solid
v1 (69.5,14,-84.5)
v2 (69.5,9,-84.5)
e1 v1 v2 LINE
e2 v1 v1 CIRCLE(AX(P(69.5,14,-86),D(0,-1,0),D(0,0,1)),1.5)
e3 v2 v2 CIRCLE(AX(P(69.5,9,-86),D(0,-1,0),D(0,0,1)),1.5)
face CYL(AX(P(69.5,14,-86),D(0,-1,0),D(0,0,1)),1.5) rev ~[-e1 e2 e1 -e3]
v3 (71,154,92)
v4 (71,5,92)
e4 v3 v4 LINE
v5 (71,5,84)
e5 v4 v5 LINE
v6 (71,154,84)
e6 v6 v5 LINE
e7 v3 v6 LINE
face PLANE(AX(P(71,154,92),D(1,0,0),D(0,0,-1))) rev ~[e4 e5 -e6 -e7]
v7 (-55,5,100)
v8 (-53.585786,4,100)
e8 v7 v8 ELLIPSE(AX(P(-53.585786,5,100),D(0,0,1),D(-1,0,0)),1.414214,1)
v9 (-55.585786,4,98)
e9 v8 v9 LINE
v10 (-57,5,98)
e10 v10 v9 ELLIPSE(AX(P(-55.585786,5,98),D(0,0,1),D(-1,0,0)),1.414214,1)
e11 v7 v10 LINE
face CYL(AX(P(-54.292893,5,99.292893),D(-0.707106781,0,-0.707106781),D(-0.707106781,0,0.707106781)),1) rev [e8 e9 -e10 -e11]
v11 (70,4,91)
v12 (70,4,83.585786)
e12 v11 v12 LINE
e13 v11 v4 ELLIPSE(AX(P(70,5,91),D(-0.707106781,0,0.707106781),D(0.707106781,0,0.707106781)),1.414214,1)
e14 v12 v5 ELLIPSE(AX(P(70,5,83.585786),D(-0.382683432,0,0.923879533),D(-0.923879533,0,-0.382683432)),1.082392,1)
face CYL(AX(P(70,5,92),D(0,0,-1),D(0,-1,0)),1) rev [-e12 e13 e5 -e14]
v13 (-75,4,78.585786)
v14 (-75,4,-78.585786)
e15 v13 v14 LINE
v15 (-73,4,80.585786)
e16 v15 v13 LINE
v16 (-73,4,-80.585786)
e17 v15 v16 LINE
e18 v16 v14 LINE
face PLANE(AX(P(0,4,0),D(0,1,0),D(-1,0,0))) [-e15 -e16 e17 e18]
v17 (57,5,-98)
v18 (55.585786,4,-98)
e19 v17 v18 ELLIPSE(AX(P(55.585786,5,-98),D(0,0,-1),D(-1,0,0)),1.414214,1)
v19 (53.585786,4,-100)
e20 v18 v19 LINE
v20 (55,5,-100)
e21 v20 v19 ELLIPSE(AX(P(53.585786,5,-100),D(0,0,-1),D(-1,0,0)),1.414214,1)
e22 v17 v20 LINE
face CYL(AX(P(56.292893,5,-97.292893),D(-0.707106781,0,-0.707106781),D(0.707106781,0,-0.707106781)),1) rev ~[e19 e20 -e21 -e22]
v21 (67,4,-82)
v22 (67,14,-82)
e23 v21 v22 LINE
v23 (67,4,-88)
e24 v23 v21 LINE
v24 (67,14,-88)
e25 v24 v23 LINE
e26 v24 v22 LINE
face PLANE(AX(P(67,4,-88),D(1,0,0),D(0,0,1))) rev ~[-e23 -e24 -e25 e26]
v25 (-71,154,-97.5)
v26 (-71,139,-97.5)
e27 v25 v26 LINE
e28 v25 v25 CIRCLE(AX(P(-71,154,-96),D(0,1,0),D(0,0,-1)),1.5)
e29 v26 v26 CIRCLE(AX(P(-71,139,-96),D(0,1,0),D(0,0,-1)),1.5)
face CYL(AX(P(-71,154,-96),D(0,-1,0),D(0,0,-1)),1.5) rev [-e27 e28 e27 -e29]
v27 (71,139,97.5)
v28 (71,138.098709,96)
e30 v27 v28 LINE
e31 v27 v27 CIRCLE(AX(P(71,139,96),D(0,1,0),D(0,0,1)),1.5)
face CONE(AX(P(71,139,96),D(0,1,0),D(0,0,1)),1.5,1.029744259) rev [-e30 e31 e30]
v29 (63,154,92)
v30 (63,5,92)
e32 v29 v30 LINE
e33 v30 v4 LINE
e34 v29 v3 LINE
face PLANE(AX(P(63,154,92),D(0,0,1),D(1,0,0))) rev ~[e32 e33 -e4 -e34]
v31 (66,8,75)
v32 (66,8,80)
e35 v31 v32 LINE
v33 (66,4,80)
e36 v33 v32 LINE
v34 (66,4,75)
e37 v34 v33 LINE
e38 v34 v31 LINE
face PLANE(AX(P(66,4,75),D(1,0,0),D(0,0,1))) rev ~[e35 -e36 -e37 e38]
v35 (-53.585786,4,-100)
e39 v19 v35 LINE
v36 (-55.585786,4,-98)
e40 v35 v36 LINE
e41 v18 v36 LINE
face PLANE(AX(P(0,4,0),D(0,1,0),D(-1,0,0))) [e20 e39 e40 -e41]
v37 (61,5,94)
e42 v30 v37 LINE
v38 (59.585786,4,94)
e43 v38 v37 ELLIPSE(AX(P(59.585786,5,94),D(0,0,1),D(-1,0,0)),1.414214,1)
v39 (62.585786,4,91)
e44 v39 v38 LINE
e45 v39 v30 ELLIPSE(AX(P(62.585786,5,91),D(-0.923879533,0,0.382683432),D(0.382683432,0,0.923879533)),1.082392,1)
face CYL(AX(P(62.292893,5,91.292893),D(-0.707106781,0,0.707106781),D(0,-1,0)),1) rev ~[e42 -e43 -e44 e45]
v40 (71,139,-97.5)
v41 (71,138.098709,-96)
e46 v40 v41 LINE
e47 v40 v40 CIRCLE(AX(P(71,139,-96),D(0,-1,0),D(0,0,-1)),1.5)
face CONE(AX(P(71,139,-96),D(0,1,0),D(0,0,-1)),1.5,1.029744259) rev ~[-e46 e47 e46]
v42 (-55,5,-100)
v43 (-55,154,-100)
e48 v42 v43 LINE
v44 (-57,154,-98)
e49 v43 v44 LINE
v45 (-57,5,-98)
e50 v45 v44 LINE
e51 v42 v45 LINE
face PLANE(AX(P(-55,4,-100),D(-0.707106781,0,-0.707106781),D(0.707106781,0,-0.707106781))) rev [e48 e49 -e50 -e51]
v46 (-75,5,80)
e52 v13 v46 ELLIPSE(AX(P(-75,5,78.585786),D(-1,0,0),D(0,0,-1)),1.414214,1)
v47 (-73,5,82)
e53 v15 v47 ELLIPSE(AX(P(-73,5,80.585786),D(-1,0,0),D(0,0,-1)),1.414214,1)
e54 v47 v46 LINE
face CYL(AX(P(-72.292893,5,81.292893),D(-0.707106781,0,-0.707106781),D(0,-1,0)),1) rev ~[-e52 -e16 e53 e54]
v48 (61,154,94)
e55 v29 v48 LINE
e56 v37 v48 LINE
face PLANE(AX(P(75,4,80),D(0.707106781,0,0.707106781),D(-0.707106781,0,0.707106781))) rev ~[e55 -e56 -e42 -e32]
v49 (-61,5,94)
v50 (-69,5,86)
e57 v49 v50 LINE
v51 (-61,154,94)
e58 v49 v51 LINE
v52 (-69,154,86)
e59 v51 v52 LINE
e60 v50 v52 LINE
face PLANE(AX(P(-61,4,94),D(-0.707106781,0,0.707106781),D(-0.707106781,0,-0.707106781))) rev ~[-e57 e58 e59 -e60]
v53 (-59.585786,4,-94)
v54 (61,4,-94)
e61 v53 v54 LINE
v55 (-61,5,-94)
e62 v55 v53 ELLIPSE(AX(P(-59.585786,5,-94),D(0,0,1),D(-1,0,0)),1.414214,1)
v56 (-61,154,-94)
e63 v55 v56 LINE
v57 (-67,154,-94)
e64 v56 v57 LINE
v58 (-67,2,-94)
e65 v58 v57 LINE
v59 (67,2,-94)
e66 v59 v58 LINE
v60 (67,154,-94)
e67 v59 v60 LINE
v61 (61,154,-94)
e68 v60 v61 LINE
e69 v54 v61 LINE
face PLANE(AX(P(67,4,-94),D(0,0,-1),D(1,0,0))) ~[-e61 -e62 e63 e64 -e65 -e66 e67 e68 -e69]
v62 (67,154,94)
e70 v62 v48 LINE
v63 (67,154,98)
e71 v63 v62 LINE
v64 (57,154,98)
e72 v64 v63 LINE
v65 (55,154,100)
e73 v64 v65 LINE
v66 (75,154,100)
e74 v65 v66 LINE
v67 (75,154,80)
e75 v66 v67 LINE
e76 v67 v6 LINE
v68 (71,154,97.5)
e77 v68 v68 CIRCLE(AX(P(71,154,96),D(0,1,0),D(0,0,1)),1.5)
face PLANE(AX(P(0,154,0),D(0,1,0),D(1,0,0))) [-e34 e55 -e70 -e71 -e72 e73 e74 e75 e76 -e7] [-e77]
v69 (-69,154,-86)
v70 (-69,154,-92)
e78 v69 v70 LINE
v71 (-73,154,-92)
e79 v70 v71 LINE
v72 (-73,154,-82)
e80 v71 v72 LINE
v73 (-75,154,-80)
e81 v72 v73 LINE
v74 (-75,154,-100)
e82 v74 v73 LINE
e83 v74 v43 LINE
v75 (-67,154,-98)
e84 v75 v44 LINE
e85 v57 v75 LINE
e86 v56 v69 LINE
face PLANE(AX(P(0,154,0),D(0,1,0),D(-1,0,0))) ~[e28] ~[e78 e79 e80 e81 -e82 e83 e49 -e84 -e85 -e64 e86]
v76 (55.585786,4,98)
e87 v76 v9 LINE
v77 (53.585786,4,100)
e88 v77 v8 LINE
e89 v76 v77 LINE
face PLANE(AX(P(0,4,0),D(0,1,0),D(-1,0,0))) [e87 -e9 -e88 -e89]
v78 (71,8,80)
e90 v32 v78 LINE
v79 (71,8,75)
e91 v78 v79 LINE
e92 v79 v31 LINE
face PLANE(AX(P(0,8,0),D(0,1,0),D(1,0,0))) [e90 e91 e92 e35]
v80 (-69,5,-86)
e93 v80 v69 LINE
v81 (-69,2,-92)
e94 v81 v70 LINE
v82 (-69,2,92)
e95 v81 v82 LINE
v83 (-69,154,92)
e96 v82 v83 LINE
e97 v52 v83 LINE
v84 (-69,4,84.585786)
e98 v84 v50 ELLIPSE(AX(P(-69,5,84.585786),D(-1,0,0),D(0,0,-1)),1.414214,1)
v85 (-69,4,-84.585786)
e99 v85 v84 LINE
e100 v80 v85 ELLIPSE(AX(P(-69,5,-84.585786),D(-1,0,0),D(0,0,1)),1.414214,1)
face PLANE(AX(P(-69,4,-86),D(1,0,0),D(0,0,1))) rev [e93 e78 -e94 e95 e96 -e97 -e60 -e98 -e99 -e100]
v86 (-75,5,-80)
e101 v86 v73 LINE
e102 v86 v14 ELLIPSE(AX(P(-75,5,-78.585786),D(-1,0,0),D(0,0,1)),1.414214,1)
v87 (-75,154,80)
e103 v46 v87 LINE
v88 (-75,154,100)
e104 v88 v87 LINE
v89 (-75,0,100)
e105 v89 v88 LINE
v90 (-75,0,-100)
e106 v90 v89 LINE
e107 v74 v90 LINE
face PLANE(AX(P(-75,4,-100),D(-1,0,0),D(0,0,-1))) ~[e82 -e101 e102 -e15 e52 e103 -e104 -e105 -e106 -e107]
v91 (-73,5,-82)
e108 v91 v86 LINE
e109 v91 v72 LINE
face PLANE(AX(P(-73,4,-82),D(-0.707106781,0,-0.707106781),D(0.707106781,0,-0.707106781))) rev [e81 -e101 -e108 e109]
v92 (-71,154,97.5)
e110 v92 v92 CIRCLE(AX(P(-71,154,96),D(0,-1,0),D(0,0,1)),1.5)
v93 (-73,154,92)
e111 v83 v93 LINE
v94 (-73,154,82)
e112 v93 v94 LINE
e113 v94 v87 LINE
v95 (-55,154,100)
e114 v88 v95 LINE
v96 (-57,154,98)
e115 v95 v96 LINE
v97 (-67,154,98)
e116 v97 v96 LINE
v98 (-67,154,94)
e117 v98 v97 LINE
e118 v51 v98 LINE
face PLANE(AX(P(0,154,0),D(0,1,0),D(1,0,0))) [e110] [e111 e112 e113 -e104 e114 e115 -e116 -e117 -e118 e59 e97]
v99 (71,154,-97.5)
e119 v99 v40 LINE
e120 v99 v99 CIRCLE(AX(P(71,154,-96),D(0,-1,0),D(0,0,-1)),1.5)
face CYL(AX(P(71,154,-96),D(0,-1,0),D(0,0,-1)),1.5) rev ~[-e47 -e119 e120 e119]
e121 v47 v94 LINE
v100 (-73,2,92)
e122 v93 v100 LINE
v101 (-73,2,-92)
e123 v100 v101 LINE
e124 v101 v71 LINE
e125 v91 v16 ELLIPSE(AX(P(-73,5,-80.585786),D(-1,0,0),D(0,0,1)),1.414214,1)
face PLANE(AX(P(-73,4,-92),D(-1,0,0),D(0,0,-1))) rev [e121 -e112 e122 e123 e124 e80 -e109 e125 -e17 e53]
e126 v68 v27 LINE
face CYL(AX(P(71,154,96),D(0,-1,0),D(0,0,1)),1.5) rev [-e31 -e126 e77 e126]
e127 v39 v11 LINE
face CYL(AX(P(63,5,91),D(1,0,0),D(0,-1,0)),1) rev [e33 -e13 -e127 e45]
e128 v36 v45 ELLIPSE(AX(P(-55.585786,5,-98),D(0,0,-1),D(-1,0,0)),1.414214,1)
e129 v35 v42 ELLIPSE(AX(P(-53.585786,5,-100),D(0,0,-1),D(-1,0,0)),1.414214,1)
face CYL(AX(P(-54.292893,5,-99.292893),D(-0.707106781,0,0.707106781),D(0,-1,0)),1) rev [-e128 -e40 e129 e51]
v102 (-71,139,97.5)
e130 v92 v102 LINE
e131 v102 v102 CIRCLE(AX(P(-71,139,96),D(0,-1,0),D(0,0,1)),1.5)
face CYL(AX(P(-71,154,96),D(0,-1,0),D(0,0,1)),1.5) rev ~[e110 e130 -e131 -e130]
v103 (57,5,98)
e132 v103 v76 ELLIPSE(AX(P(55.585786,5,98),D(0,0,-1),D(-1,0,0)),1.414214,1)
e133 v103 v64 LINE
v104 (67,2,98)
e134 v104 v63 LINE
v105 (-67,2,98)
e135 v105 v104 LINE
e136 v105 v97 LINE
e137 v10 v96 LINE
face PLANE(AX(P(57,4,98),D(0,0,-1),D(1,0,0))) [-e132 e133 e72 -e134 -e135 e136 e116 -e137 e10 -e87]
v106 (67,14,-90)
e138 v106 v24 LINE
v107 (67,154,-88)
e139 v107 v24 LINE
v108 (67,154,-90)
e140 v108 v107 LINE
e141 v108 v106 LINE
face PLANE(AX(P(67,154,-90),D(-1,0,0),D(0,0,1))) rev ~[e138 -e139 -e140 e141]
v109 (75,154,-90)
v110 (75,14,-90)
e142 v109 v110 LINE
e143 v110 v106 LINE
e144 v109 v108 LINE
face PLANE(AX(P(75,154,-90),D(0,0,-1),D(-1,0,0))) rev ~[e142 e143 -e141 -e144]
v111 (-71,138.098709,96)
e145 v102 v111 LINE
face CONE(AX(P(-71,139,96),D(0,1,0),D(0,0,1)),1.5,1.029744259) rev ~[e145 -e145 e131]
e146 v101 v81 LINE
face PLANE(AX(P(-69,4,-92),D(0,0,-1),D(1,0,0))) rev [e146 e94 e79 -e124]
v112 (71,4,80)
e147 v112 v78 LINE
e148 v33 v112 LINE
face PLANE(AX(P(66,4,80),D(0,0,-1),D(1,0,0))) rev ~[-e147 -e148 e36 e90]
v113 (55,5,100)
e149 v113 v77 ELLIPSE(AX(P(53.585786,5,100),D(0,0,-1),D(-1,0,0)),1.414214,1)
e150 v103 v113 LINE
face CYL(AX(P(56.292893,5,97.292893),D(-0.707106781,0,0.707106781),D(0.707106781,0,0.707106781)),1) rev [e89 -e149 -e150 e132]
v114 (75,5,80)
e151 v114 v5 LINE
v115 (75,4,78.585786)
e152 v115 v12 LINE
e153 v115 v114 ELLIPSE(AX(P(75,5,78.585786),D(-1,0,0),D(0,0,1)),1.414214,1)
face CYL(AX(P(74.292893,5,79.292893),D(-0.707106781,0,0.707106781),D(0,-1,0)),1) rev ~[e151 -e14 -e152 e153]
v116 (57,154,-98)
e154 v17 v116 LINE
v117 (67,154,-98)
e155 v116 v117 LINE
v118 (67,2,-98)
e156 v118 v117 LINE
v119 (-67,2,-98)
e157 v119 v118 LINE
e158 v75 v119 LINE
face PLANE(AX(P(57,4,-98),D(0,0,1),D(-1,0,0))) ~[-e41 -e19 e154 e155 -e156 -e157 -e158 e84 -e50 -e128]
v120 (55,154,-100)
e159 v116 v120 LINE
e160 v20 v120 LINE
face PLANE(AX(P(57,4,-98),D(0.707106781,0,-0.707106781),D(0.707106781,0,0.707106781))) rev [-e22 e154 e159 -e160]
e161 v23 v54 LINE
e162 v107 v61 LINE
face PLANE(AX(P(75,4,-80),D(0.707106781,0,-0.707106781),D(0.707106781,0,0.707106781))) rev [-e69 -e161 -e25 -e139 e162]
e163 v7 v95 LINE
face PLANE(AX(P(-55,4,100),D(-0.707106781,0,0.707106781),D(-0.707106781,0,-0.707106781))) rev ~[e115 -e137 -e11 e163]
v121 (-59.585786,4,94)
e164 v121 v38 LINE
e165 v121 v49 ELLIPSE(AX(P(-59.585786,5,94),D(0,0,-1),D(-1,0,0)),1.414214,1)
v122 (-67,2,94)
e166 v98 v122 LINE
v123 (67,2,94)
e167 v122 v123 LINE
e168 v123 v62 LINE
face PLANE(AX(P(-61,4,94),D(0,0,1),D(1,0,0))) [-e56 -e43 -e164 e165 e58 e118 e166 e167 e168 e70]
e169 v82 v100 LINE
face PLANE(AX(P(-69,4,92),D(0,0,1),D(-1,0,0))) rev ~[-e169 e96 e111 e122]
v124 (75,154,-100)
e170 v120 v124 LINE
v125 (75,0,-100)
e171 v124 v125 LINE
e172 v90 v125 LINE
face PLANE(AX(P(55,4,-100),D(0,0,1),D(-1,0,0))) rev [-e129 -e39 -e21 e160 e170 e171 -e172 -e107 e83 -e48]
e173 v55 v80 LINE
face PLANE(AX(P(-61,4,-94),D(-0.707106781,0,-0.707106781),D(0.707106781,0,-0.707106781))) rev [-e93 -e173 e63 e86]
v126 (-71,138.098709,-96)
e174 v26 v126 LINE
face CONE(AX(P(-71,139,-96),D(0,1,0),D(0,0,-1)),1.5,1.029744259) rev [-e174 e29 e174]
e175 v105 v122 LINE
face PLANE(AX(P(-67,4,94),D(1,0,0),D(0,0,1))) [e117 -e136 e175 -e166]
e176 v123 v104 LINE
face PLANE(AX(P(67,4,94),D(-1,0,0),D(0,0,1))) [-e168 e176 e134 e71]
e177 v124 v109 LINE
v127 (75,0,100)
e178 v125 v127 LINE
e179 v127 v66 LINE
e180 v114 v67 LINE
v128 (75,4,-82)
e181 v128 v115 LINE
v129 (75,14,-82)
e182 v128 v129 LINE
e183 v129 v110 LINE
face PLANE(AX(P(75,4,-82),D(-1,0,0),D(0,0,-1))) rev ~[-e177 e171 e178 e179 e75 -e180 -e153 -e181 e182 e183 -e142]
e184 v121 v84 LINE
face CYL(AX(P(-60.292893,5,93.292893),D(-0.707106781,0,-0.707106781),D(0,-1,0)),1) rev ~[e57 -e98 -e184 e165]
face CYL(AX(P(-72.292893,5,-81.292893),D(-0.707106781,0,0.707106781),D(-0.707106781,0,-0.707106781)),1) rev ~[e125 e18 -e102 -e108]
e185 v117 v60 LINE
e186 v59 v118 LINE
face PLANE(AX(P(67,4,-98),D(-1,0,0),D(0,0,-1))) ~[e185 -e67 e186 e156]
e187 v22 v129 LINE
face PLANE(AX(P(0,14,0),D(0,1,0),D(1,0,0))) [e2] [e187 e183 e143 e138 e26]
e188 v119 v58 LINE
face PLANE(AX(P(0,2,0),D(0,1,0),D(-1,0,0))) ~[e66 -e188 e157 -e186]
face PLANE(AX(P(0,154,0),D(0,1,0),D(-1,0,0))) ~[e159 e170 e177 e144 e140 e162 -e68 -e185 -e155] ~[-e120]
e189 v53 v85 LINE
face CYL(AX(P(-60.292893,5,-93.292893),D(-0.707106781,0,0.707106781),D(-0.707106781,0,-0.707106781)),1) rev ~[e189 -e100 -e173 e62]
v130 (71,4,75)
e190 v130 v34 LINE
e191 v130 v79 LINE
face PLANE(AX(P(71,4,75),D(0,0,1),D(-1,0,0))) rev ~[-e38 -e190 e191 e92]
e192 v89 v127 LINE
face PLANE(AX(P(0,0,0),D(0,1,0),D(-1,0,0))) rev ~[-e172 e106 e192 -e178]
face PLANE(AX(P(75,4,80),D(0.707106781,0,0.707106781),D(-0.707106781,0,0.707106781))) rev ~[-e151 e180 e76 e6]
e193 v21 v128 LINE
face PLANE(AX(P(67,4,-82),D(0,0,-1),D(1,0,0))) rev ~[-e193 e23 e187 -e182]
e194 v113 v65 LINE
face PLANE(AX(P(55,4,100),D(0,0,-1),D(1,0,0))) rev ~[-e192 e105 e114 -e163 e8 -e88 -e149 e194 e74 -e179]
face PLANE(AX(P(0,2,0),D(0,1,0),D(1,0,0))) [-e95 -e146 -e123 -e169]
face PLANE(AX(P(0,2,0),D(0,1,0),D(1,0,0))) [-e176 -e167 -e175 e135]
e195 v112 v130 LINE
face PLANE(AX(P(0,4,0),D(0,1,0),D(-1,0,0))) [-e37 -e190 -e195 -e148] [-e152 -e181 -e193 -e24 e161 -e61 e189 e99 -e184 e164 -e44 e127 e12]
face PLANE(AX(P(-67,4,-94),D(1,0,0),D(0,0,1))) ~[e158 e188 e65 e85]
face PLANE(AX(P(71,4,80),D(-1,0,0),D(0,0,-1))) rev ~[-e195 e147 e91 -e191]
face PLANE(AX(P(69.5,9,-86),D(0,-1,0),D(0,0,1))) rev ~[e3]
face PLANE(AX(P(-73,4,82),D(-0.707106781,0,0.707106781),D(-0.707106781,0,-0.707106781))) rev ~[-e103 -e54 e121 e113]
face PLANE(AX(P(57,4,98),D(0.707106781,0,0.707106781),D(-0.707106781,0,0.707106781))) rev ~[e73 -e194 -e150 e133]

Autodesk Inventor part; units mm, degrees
ref_plane "YZ Plane" through (0, 0, 0) normal (1, 0, 0) x (0, 1, 0)
ref_plane "XZ Plane" through (0, 0, 0) normal (0, 1, 0) x (-1, 0, 0)
sketch "Náčrt1" plane through (0, 0, 0) normal (0, 1, 0) x (-1, 0, 0)
  line L0 (75, 100) -> (-75, 100)
  line L1 (-75, 100) -> (-75, -100)
  line L2 (-75, -100) -> (75, -100)
  line L3 (75, -100) -> (75, 100)
  line L4 (105, 0) -> (-105, 0) projected
  line L5 (0, -140) -> (0, 140) projected
  point P0 (0, 0)
  dimension "d0" = 200
  dimension "d1" = 150
extrude "Vysunutí1" add sketch "Náčrt1" along normal blind 4
sketch "Náčrt2" plane through (0, 4, 0) normal (0, 1, 0) x (1, 0, 0)
  line L0 (-75, -100) -> (-75, -80)
  line L1 (-75, -100) -> (-55, -100)
  line L2 (-75, 100) -> (-75, -100) projected
  line L3 (-75, -100) -> (75, -100) projected
  line L4 (-69, -86) -> (-69, -92)
  line L5 (-69, -92) -> (-73, -92)
  line L6 (-73, -92) -> (-73, -82)
  line L7 (-73, -82) -> (-75, -80)
  line L8 (-67, -98) -> (-57, -98)
  line L9 (-61, -94) -> (-67, -94)
  line L10 (-67, -94) -> (-67, -98)
  line L11 (-55, -100) -> (-57, -98)
  line L12 (-61, -94) -> (-69, -86)
  point P0 (0, 0)
  dimension "d4" = 20
  dimension "d9" = 2
  dimension "d10" = 4
  dimension "d11" = 10
  dimension "d12" = 6
  dimension "d13" = 8
  dimension "d17" = 4
  dimension "d18" = 2
  dimension "d19" = 8
  dimension "d20" = 10
  dimension "d21" = 6
extrude "Vysunutí2" add sketch "Náčrt2" along normal blind 150
mirror "Zrcadlit1" about plane through (0, 0, 0) normal (0, 0, 1) of "Vysunutí2"
sketch "Náčrt3" plane through (0, 154, 0) normal (0, 1, 0) x (1, 0, 0)
  line L0 (-69, -92) -> (-73, -92) projected
  line L1 (-67, -98) -> (-67, -94) projected
  point P0 (0, 0)
  point P1 (-71, -96)
  dimension "d22" = 4
  dimension "d23" = 4
hole "Díra1" at (-71, 154, 96) direction (0, -1, 0) diameter 3 depth 15 tip angle 118
mirror "Zrcadlit2" about plane through (0, 0, 0) normal (0, 0, 1) of "Díra1"
sketch "Náčrt4" plane through (0, 4, 0) normal (0, 1, 0) x (1, 0, 0)
  line L0 (55, -100) -> (75, -100)
  line L1 (75, -100) -> (75, -80)
  line L2 (-55, -100) -> (75, -100) projected
  line L3 (75, -100) -> (75, 100) projected
  line L4 (57, -98) -> (67, -98)
  line L5 (67, -98) -> (67, -94)
  line L6 (67, -94) -> (61, -94)
  line L7 (75, -80) -> (61, -94)
  line L8 (57, -98) -> (55, -100)
  point P0 (0, 0)
  dimension "d31" = 20
  dimension "d32" = 20
  dimension "d37" = 10
  dimension "d38" = 6
  dimension "d39" = 8
  dimension "d40" = 2
  dimension "d41" = 45
extrude "Vysunutí3" add sketch "Náčrt4" along normal blind 150
mirror "Zrcadlit3" about plane through (0, 0, 0) normal (0, 0, 1) of "Vysunutí3"
ref_plane "Pracovní rovina1" through (0, 14, 0) normal (0, 1, 0) x (1, 0, 0)
sketch "Náčrt7" plane through (0, 4, 0) normal (0, 1, 0) x (1, 0, 0)
  line L0 (66, -80) -> (71, -80)
  line L1 (71, -80) -> (71, -75)
  line L2 (71, -75) -> (66, -75)
  line L3 (66, -75) -> (66, -80)
  line L4 (75, -80) -> (75, 80) projected
  line L5 (55, -100) -> (75, -100) projected
  point P0 (0, 0)
  dimension "d51" = 4
  dimension "d52" = 5
  dimension "d53" = 20
  dimension "d54" = 5
extrude "Vysunutí6" add sketch "Náčrt7" along normal blind 4
mirror "Zrcadlit4" about plane through (0, 0, 0) normal (1, 0, 0) of "Díra1", "Zrcadlit2"
sketch "Náčrt9" plane through (0, 4, 0) normal (0, 1, 0) x (1, 0, 0)
  line L0 (-67, -94) -> (67, -94)
  line L1 (67, -94) -> (67, -98)
  line L2 (67, -98) -> (-67, -98)
  line L3 (-67, -98) -> (-67, -94)
  line L4 (-67, -98) -> (-67, -94) projected
  line L5 (67, -94) -> (67, -98) projected
  line L6 (-57, -98) -> (-67, -98) projected
  line L7 (-67, -94) -> (-61, -94) projected
  point P0 (0, 0)
extrude "Vysunutí7" cut sketch "Náčrt9" against normal blind 2
mirror "Zrcadlit5" about plane through (0, 0, 0) normal (0, 0, 1) of "Vysunutí7"
sketch "Náčrt10" plane through (0, 4, 0) normal (0, 1, 0) x (1, 0, 0)
  line L0 (-69, -92) -> (-73, -92)
  line L1 (-73, -92) -> (-73, 92)
  line L2 (-73, 92) -> (-69, 92)
  line L3 (-69, 92) -> (-69, -92)
  line L4 (-69, 92) -> (-73, 92) projected
  line L5 (-69, -92) -> (-73, -92) projected
  line L6 (-73, -92) -> (-73, -82) projected
  line L7 (-69, -86) -> (-69, -92) projected
  point P0 (0, 0)
extrude "Vysunutí8" cut sketch "Náčrt10" against normal blind 2
sketch "Náčrt11" plane through (0, 154, 0) normal (0, 1, 0) x (1, 0, 0)
  line L0 (63, -92) -> (71, -92)
  line L1 (71, -92) -> (71, -84)
  line L2 (71, -84) -> (63, -84)
  line L3 (63, -84) -> (63, -92)
  line L4 (66, -80) -> (71, -80) projected
  line L5 (75, -80) -> (75, 80) projected
  line L6 (75, -80) -> (61, -94) projected
  point P0 (0, 0)
  dimension "d70" = 8
  dimension "d71" = 4
extrude "Vysunutí9" cut sketch "Náčrt11" against normal up to surface (150 mm away)
fillet "Zaoblení1" radius 1 12 edges at (-65, 4, 90) (-56, 4, 99) (-74, 4, 81) (-65, 4, -90) (-74, 4, -81) (-56, 4, -99) (56, 4, -99) (56, 4, 99) (62, 4, 93) (73, 4, 82) (67, 4, 92) (71, 4, 88)
sketch "Náčrt13" plane through (55, 154, -100) normal (0, 1, 0) x (1, 0, 0)
  line L0 (20, -10) -> (12, -10)
  line L1 (12, -10) -> (12, -20)
  line L2 (12, -20) -> (20, -20)
  line L3 (20, -20) -> (20, -10)
  line L4 (20, 0) -> (20, -20) projected
  point P0 (-55, -100)
  dimension "d78" = 10
  dimension "d79" = 8
extrude "Vysunutí11" cut sketch "Náčrt13" against normal up to surface (150 mm away)
sketch "Náčrt14" plane through (0, 4, 0) normal (0, 1, 0) x (1, 0, 0)
  line L0 (67, 82) -> (75, 82)
  line L1 (75, 82) -> (75, 90)
  line L2 (75, 90) -> (67, 90)
  line L3 (67, 90) -> (67, 82)
  line L4 (67, 88) -> (67, 90) projected
  line L5 (67, 90) -> (75, 90) projected
  line L6 (75, -78.5858) -> (75, 90) projected
  point P0 (0, 0)
  dimension "d82" = 8
extrude "Vysunutí12" add sketch "Náčrt14" along normal blind 10
sketch "Náčrt15" plane through (0, 14, 0) normal (0, 1, 0) x (1, 0, 0)
  line L0 (75, 82) -> (75, 90) projected
  line L1 (67, 90) -> (75, 90) projected
  point P0 (0, 0)
  point P1 (69.5, 86)
  dimension "d85" = 5.5
  dimension "d86" = 4
hole "Díra3" at (69.5, 14, -86) direction (0, -1, 0) diameter 3 depth 5
properties part number "Cabinet"
